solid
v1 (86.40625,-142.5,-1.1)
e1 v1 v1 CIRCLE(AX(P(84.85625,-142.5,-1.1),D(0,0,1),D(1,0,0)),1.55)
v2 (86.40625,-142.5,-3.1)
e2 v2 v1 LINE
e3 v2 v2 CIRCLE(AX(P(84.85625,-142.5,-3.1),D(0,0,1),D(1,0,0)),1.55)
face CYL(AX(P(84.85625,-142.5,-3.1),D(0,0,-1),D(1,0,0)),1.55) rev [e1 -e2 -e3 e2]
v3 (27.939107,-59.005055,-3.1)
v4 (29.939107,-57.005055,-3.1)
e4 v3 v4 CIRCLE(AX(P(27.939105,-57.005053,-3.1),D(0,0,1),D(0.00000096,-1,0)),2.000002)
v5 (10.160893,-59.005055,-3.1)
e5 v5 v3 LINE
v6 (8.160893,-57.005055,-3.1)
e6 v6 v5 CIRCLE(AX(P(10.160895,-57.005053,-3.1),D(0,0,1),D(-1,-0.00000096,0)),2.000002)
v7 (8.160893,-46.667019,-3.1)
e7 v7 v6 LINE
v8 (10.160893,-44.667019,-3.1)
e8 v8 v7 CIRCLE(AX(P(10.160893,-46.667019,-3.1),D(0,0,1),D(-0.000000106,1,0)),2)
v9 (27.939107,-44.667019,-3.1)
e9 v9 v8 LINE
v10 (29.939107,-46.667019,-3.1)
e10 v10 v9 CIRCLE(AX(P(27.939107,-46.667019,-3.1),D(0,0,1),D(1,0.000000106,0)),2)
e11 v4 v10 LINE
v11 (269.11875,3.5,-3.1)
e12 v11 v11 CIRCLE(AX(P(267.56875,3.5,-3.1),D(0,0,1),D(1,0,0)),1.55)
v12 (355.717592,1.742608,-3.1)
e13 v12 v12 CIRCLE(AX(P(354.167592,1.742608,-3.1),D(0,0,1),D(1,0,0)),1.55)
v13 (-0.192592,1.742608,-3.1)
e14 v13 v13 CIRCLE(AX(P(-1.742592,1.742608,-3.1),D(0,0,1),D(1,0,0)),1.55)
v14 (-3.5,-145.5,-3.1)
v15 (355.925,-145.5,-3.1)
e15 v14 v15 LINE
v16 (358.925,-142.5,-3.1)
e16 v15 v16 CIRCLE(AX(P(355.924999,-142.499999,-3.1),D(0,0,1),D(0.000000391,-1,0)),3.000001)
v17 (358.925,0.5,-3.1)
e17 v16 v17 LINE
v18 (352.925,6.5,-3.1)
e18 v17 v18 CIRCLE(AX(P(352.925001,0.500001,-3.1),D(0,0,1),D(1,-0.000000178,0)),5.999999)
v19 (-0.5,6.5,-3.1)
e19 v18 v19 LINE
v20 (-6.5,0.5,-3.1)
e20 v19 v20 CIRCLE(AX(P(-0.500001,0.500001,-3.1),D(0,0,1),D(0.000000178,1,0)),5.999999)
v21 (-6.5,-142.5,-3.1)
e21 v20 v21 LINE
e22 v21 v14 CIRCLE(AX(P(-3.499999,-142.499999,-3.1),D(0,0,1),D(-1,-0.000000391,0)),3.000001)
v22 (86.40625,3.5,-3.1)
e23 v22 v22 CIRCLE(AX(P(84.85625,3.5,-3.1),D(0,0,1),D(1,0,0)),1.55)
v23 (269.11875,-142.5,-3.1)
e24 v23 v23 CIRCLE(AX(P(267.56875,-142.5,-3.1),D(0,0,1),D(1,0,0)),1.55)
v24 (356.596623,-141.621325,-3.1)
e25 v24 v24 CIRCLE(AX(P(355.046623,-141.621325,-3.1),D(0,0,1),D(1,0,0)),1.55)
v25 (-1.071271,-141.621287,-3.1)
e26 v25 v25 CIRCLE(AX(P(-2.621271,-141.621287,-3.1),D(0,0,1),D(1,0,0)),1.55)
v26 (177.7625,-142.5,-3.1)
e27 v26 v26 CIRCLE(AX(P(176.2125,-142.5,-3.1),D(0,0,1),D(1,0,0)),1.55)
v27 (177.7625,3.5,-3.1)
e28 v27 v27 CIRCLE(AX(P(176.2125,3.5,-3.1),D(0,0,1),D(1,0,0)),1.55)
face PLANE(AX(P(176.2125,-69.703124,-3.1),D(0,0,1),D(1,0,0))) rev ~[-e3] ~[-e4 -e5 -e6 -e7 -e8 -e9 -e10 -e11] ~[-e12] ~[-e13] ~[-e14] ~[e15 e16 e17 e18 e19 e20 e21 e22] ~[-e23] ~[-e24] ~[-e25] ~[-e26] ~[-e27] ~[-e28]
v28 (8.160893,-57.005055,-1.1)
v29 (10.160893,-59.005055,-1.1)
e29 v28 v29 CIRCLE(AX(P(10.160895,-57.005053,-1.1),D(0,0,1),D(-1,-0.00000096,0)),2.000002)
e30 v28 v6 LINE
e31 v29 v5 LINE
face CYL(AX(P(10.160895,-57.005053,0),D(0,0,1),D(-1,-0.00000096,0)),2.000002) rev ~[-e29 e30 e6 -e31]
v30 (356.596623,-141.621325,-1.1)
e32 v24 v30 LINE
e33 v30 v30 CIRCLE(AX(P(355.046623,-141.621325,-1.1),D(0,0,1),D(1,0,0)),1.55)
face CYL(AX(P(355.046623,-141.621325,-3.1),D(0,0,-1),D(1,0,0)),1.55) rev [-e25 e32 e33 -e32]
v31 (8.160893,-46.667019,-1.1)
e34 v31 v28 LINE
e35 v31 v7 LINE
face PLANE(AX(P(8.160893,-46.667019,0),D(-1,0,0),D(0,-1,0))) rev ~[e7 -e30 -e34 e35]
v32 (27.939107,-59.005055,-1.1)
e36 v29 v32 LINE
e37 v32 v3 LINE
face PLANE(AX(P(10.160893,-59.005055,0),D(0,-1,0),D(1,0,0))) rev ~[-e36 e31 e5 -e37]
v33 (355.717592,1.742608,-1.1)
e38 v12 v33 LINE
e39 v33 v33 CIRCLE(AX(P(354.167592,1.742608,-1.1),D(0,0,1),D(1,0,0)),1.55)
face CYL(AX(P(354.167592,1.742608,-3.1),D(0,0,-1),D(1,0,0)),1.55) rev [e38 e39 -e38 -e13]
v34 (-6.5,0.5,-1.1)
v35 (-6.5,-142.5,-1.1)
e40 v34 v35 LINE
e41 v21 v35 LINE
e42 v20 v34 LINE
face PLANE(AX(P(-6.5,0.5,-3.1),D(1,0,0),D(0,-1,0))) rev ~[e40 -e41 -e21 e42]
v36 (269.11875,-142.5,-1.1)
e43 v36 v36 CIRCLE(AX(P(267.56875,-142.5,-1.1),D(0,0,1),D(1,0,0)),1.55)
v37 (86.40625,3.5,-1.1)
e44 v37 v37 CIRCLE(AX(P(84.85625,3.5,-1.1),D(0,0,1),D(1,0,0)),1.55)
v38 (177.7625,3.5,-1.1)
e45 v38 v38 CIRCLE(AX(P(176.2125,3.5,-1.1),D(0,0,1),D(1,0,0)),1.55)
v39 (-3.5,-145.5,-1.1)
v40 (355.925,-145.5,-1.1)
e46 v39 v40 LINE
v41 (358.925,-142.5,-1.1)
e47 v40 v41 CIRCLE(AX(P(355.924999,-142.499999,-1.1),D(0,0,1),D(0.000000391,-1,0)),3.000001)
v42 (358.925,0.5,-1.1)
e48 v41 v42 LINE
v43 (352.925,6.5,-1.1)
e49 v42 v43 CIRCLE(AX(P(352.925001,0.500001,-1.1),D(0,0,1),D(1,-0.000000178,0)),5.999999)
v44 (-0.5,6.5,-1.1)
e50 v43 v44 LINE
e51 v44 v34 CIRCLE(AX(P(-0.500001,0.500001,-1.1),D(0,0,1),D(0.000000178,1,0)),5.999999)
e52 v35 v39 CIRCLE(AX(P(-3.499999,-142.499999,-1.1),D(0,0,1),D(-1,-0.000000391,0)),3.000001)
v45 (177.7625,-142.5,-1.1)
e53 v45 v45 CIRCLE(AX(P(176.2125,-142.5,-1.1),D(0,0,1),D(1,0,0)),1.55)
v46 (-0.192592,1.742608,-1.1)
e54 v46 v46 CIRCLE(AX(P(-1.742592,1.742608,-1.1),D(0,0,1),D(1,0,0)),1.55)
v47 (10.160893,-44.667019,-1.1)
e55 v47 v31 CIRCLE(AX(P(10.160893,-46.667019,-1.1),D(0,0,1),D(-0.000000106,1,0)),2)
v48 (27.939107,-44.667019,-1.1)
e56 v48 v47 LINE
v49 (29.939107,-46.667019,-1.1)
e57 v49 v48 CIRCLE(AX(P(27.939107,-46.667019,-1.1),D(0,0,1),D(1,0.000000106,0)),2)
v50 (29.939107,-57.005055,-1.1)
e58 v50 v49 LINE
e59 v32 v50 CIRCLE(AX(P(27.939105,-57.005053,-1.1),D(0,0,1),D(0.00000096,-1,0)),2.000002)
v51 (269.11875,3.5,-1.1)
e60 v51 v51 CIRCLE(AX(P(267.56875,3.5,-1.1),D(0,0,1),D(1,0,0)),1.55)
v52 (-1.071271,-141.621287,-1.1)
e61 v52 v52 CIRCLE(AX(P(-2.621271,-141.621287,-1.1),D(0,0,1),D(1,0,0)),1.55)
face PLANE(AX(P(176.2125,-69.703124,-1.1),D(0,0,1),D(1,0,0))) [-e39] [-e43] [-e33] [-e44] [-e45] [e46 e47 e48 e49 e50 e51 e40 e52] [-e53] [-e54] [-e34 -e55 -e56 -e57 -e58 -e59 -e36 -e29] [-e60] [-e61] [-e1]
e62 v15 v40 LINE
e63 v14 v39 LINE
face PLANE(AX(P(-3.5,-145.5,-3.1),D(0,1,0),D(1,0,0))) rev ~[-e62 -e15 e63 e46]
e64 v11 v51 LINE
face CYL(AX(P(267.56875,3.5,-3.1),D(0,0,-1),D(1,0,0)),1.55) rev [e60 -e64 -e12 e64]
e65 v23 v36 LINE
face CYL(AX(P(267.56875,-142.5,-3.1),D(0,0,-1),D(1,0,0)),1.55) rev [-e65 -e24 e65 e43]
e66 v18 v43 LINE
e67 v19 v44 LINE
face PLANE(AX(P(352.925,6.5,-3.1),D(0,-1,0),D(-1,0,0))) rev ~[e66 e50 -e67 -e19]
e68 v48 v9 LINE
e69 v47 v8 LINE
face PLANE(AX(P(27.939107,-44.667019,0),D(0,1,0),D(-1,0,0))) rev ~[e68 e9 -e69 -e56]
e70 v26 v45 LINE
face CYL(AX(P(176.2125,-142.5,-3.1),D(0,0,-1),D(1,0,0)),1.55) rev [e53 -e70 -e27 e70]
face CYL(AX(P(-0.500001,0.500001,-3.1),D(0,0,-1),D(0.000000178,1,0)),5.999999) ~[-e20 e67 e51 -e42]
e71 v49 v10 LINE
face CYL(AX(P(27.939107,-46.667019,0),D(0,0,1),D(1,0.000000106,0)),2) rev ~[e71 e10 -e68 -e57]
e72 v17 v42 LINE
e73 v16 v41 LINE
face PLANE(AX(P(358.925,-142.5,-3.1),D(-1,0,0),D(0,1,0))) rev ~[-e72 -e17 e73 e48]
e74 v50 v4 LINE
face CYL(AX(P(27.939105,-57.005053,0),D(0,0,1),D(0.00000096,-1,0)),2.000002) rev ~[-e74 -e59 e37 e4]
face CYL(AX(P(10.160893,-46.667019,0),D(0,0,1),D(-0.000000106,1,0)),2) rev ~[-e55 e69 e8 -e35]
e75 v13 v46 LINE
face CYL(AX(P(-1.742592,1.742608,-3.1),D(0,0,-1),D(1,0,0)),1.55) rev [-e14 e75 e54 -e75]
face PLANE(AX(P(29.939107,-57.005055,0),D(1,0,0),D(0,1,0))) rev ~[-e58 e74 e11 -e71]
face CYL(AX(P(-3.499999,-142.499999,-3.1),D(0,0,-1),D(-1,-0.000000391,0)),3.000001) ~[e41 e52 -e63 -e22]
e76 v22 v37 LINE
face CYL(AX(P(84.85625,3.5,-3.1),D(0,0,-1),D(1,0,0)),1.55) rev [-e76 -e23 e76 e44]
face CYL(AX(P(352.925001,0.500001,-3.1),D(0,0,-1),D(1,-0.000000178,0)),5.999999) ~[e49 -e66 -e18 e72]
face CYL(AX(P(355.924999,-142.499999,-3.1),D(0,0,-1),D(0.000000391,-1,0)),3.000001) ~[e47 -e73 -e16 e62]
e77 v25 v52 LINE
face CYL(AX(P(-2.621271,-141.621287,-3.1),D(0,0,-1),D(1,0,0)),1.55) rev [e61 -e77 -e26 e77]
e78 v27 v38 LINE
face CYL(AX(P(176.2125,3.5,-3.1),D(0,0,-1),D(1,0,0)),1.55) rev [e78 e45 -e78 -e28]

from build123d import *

# Parameters (mm, degrees)
SKETCH076_R     = 1.55
PAD015_DEPTH    = 2
POCKET060_DEPTH = 5
SKETCH078_R     = 1.55
POCKET061_DEPTH = 1
SKETCH079_R     = 4.05
POCKET062_DEPTH = 1


with BuildPart() as part:
    # Sketch076 → Pad015 (new body)
    with BuildSketch(Plane.XY.offset(2.9)):
        with BuildLine():
            Line((-6.5, 0.5), (-6.5, -142.5))
            ThreePointArc((-6.5, -142.5), (-5.62132, -144.62132), (-3.5, -145.5))
            Line((-3.5, -145.5), (355.925, -145.5))
            ThreePointArc((355.925, -145.5), (358.04632, -144.62132), (358.925, -142.5))
            Line((358.925, -142.5), (358.925, 0.5))
            ThreePointArc((358.925, 0.5), (357.167641, 4.742641), (352.925, 6.5))
            Line((352.925, 6.5), (-0.5, 6.5))
            ThreePointArc((-0.5, 6.5), (-4.742641, 4.742641), (-6.5, 0.5))
        make_face()
        with Locations((-1.742592, 1.742608)):
            Circle(SKETCH076_R, mode=Mode.SUBTRACT)
        with Locations((354.167592, 1.742608)):
            Circle(SKETCH076_R, mode=Mode.SUBTRACT)
        with Locations((84.85625, 3.5)):
            Circle(SKETCH076_R, mode=Mode.SUBTRACT)
        with Locations((176.2125, 3.5)):
            Circle(SKETCH076_R, mode=Mode.SUBTRACT)
        with Locations((267.56875, 3.5)):
            Circle(SKETCH076_R, mode=Mode.SUBTRACT)
        with Locations((84.85625, -142.5)):
            Circle(SKETCH076_R, mode=Mode.SUBTRACT)
        with Locations((176.2125, -142.5)):
            Circle(SKETCH076_R, mode=Mode.SUBTRACT)
        with Locations((267.56875, -142.5)):
            Circle(SKETCH076_R, mode=Mode.SUBTRACT)
        with Locations((-2.621271, -141.621287)):
            Circle(SKETCH076_R, mode=Mode.SUBTRACT)
        with Locations((355.046623, -141.621325)):
            Circle(SKETCH076_R, mode=Mode.SUBTRACT)
    extrude(amount=PAD015_DEPTH)

    # Sketch077 → Pocket060 (cut)
    with BuildSketch(Plane.XY.offset(6)):
        with BuildLine():
            Line((8.160893, -46.667019), (8.160893, -57.005055))
            ThreePointArc((8.160893, -57.005055), (8.74668, -58.419268), (10.160893, -59.005055))
            Line((10.160893, -59.005055), (27.939107, -59.005055))
            ThreePointArc((27.939107, -59.005055), (29.35332, -58.419268), (29.939107, -57.005055))
            Line((29.939107, -57.005055), (29.939107, -46.667019))
            ThreePointArc((29.939107, -46.667019), (29.35332, -45.252805), (27.939107, -44.667019))
            Line((27.939107, -44.667019), (10.160893, -44.667019))
            ThreePointArc((10.160893, -44.667019), (8.74668, -45.252805), (8.160893, -46.667019))
        make_face()
    extrude(amount=-POCKET060_DEPTH, mode=Mode.SUBTRACT)

    # Sketch078 → Pocket061 (cut)
    with BuildSketch(Plane.XY.offset(6)):
        with Locations((84.85625, -142.5)):
            Circle(SKETCH078_R)
        with Locations((176.2125, -142.5)):
            Circle(SKETCH078_R)
        with Locations((267.56875, -142.5)):
            Circle(SKETCH078_R)
        with Locations((-2.621271, -141.621287)):
            Circle(SKETCH078_R)
        with Locations((355.046623, -141.621325)):
            Circle(SKETCH078_R)
    extrude(amount=-POCKET061_DEPTH, mode=Mode.SUBTRACT)

    # Sketch079 → Pocket062 (cut)
    with BuildSketch(Plane.XY.offset(2.9)):
        with Locations((5.011405, -127.899292)):
            Circle(SKETCH079_R)
        with Locations((347.413595, -127.899292)):
            Circle(SKETCH079_R)
    extrude(amount=-POCKET062_DEPTH, mode=Mode.SUBTRACT)


with BuildPart() as part_1:
    # Body015 placement: moved
    add(part.part.moved(Location((0, 0, -6))))


solid = part_1.part
